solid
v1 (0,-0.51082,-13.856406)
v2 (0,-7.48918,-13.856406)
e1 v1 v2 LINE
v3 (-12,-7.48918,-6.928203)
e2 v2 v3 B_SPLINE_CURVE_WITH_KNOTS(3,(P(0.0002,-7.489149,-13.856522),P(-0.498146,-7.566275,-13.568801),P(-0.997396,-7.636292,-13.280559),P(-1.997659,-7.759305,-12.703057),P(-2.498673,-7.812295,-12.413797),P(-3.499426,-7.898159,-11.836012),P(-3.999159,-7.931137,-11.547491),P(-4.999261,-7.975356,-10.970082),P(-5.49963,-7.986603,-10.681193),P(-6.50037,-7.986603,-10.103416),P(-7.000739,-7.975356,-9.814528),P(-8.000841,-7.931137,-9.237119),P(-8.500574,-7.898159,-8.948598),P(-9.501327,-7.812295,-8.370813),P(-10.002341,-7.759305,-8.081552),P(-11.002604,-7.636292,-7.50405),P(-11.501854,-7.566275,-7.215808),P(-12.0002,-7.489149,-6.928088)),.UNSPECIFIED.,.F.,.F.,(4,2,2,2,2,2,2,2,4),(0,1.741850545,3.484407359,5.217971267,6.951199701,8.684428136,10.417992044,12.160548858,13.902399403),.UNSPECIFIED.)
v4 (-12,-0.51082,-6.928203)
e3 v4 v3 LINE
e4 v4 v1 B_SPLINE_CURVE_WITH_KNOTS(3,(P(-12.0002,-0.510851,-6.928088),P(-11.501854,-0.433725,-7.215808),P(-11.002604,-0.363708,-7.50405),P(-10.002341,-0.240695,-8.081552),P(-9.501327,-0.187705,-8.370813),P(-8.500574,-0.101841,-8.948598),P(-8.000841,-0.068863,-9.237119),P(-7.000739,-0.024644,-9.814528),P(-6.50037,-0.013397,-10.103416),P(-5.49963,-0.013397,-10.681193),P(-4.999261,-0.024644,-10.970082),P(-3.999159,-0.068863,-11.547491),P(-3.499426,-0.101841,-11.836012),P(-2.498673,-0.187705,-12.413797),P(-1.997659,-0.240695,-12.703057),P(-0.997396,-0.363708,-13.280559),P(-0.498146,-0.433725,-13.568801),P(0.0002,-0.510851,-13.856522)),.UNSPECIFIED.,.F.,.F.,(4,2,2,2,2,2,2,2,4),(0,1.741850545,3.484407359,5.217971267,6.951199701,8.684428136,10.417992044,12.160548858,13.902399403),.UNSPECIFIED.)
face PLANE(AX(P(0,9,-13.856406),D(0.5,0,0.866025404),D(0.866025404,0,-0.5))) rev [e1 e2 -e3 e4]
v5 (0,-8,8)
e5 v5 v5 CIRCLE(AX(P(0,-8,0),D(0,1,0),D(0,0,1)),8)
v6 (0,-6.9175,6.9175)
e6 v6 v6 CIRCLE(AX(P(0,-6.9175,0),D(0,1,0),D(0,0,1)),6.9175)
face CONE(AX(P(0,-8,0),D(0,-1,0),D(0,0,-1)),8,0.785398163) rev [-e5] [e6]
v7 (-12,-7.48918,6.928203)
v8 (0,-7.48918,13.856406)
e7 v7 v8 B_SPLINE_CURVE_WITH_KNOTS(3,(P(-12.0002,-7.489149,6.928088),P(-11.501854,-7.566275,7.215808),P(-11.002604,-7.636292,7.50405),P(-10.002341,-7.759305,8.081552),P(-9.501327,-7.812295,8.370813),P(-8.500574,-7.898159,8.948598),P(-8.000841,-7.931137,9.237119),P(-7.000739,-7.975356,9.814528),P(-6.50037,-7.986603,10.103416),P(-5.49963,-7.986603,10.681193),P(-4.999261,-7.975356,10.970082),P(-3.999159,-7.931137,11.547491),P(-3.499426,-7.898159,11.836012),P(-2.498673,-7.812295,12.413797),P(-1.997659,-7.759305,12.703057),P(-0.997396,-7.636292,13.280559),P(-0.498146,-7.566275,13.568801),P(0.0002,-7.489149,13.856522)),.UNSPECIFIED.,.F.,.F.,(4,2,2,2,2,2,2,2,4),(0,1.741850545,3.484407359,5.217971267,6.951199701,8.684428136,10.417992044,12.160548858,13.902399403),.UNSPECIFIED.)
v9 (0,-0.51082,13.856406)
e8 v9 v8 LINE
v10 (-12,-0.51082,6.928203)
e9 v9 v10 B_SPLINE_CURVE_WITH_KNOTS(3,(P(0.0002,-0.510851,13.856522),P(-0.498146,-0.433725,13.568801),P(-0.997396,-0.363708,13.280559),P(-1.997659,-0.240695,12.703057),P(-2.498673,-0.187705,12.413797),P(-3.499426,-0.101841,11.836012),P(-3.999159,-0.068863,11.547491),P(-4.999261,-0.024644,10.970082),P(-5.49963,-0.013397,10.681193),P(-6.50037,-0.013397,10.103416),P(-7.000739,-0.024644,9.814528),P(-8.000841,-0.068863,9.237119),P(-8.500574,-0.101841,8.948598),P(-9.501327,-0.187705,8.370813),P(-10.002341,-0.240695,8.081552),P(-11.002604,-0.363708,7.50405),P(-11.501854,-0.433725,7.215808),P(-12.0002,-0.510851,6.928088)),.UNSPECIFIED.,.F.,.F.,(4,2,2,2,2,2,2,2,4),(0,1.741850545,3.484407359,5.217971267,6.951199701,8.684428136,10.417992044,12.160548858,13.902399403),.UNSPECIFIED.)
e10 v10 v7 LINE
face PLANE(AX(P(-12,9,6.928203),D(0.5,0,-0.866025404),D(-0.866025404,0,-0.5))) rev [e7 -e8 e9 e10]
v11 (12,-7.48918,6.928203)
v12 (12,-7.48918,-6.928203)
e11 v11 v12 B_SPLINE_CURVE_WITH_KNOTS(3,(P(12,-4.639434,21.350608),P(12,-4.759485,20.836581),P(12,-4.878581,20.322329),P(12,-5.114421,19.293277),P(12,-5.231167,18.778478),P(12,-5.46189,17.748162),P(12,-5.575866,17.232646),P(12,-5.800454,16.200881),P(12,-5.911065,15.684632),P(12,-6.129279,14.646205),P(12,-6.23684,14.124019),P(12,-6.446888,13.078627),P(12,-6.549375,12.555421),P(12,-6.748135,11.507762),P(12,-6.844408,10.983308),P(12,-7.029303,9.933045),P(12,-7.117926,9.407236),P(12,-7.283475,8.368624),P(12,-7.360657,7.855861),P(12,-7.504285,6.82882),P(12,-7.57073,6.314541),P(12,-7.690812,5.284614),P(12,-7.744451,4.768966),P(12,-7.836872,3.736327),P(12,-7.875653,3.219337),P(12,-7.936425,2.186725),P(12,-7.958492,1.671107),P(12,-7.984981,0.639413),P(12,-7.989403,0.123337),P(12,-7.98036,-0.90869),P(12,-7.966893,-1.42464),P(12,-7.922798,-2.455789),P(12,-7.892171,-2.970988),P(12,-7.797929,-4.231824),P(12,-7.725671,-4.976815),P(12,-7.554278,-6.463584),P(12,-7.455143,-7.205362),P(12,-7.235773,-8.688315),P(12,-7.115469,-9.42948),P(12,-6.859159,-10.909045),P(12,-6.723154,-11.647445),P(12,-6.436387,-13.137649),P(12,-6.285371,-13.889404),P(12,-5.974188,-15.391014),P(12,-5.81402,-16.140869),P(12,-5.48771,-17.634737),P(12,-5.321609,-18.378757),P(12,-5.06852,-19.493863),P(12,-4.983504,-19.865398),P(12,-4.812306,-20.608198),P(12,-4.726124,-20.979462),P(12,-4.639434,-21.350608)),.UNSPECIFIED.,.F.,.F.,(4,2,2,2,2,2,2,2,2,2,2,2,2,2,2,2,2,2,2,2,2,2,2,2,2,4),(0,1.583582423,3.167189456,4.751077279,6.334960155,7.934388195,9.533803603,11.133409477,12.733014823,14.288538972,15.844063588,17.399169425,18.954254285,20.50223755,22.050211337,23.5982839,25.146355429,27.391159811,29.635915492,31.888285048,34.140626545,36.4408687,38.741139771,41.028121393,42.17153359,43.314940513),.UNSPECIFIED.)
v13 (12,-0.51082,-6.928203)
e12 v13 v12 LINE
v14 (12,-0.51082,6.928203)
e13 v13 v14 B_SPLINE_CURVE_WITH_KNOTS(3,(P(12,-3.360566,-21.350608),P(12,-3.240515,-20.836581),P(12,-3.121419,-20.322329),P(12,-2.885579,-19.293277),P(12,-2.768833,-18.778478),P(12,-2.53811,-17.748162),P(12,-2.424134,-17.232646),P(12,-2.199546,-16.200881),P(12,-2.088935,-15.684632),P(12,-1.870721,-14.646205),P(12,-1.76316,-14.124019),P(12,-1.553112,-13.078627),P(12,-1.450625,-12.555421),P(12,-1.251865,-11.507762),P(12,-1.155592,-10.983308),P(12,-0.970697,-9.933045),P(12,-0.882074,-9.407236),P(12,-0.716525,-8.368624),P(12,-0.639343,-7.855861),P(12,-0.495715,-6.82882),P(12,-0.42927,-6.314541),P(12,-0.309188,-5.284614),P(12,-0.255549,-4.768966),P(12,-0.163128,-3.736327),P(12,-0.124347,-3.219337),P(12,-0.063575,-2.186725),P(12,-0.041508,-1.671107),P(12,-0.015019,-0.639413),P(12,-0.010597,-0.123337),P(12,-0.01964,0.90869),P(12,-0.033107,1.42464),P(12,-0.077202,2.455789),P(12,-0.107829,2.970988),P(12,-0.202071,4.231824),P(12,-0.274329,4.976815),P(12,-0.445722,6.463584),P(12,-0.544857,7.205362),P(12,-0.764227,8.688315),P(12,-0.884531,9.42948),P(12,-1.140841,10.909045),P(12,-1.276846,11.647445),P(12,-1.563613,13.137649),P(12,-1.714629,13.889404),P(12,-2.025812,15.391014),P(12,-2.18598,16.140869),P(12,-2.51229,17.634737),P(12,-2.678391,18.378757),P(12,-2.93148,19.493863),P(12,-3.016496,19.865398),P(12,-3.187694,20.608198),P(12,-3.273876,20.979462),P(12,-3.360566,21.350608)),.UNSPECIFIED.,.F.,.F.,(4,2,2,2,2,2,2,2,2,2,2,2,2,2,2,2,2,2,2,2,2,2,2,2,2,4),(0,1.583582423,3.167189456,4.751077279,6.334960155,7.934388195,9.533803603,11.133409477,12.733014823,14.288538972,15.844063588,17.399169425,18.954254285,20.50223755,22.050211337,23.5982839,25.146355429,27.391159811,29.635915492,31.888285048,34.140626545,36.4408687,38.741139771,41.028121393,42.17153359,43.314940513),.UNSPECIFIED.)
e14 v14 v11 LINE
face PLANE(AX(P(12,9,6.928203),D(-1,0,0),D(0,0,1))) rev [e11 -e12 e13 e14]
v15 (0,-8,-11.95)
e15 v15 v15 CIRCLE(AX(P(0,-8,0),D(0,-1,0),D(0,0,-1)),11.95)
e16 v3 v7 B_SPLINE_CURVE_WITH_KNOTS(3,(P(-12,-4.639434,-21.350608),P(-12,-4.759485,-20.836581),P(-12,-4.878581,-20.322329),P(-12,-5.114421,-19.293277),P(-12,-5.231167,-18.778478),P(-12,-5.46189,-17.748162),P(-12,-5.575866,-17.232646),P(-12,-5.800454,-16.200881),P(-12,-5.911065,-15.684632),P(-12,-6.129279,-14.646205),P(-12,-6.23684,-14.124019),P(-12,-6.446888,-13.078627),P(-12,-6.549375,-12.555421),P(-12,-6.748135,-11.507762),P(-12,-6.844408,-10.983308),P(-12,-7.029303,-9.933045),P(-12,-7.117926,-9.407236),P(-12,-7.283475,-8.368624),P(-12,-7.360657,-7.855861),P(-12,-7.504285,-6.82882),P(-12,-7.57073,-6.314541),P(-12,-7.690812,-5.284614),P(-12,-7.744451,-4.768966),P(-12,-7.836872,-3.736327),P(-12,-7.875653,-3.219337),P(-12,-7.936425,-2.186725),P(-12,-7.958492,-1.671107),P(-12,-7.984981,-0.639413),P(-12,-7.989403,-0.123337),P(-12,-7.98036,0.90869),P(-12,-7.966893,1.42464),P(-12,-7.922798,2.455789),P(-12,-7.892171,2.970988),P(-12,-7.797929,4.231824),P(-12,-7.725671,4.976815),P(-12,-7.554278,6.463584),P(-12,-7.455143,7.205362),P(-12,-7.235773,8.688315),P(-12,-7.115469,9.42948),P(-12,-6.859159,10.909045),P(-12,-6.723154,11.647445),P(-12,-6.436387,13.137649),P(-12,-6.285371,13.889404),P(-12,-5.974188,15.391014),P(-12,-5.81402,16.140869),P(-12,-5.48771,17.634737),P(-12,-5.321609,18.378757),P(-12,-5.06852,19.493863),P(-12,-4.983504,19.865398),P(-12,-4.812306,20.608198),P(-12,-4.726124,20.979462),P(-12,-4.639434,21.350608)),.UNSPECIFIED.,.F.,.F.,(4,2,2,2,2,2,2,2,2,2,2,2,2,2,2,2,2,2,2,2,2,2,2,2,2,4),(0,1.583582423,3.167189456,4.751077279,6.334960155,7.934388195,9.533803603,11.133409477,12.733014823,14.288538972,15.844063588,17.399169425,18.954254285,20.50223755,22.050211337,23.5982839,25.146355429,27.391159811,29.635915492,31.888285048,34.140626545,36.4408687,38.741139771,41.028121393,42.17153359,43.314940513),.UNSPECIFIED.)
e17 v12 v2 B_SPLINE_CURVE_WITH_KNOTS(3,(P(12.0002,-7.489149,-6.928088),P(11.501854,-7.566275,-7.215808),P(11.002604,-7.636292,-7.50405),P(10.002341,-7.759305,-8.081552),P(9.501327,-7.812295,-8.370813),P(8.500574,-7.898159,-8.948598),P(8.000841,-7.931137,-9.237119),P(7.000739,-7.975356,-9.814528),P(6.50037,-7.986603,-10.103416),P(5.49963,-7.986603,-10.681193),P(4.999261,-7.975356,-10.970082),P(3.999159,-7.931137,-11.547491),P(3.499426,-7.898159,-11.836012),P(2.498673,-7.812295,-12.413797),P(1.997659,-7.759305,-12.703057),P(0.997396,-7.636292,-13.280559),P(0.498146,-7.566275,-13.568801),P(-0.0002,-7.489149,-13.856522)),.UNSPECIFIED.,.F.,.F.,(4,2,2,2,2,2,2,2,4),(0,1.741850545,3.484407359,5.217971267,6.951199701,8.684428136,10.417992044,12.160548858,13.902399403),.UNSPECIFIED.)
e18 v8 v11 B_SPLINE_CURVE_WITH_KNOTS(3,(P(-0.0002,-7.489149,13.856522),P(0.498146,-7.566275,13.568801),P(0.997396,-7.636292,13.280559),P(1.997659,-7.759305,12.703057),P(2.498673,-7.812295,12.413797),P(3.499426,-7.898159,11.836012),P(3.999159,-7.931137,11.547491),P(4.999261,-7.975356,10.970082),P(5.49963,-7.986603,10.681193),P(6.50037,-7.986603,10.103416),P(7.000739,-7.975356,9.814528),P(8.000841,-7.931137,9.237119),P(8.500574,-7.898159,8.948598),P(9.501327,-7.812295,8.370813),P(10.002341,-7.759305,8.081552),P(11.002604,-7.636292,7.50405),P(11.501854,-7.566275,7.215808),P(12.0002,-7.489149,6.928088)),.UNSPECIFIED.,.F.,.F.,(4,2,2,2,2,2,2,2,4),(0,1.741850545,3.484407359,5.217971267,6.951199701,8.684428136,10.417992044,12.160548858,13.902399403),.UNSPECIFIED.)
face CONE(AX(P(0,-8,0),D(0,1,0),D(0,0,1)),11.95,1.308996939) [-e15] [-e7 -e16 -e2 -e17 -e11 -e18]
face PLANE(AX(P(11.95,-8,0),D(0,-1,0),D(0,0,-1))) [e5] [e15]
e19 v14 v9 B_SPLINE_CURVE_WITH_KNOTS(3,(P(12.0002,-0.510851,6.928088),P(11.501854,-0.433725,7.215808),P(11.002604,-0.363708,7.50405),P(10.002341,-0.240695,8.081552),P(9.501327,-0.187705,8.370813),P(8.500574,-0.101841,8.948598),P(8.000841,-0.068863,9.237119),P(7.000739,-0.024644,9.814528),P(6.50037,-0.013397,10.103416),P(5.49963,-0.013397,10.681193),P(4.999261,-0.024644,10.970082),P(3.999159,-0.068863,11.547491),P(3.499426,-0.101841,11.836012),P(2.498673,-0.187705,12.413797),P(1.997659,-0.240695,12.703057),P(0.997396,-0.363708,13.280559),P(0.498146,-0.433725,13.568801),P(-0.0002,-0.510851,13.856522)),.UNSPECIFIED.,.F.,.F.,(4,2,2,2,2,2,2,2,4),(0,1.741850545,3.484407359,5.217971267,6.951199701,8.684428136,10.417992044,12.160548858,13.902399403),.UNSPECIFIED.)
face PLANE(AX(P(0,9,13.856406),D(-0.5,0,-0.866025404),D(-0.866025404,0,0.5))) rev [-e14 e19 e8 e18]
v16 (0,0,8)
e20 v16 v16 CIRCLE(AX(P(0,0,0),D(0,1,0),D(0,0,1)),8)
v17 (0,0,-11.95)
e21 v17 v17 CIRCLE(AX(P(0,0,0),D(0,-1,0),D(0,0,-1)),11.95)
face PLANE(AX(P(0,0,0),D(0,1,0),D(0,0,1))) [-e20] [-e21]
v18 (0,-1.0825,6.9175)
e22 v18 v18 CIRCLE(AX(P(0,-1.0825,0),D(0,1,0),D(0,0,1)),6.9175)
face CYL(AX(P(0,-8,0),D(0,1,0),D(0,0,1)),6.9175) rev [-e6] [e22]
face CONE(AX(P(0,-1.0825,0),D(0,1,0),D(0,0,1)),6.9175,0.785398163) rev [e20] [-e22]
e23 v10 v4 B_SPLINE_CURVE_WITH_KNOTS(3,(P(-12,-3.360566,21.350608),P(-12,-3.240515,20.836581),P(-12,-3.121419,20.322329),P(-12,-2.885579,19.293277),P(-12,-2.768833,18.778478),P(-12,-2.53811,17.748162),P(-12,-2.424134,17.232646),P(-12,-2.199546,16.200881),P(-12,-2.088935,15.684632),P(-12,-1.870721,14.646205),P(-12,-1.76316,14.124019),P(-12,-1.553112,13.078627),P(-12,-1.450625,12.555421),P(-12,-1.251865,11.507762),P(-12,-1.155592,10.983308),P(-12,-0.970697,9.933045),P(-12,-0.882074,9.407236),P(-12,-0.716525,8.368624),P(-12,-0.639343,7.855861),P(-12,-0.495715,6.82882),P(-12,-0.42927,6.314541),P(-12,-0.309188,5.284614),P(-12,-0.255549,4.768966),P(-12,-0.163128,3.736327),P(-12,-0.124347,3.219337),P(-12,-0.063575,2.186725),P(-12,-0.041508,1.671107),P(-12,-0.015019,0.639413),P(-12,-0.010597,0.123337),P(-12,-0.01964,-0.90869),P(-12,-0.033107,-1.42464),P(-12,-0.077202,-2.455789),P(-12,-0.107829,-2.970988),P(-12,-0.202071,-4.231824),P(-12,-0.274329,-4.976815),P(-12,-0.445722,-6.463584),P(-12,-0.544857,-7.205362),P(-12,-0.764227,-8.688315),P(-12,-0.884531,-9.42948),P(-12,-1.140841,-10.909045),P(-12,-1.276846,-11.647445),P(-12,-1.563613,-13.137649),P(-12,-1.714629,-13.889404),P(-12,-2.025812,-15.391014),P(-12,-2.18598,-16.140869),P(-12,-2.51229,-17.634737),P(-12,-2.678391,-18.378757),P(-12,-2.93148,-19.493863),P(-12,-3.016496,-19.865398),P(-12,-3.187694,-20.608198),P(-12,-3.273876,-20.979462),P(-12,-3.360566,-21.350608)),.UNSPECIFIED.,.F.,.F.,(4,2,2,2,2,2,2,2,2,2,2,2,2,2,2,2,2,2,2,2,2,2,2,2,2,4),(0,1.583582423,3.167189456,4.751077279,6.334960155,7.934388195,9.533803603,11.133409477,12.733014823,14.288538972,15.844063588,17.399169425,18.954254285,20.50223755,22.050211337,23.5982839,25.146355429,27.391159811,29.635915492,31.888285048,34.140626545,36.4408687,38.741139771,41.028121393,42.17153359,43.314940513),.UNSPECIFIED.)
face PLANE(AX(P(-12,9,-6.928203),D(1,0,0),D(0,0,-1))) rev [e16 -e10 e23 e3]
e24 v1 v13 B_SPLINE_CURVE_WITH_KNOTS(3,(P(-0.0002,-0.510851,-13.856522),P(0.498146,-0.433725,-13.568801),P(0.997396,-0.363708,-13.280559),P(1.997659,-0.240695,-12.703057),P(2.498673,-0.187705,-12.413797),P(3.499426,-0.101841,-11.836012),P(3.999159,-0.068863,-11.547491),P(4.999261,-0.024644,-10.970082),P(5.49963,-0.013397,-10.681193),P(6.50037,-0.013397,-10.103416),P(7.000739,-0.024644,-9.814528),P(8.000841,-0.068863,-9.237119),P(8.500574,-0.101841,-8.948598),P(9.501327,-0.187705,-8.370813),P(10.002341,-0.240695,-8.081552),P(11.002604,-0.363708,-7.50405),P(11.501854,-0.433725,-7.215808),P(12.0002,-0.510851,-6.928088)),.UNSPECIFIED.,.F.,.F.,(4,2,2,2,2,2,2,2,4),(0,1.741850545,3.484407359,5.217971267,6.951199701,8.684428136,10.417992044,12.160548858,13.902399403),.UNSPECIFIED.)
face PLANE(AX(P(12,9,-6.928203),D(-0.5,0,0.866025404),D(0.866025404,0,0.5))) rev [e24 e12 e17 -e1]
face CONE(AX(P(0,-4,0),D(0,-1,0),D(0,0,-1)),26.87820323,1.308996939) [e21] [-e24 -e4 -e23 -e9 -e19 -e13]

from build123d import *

# Parameters (mm, degrees)
CUT_EXTRUDE1_DEPTH      = 9
CUT_EXTRUDE1_DEPTH_BACK = 9
SKETCH2_W               = 96
SKETCH2_H               = 96


with BuildPart() as part:
    # Sketch1 → Revolve1 (revolve)
    with BuildSketch(Plane.XY):
        Polygon((0, 0), (11.95, 0), (26.87820323, -4), (11.95, -8), (0, -8), align=None)
    revolve(axis=Axis((0, -8, 0), (0, 1, 0)))

    # Sketch2 → Cut-Extrude1 (cut, two sides: drawn at the far end of the back side and taken through both)
    with BuildSketch(Plane(origin=(0, 0, 0), x_dir=(1, 0, 0), z_dir=(0, 1, 0)).offset(-CUT_EXTRUDE1_DEPTH_BACK)):
        Rectangle(SKETCH2_W, SKETCH2_H)
        Polygon((-12, -6.92820323), (0, -13.856406461), (12, -6.92820323), (12, 6.92820323), (0, 13.856406461), (-12, 6.92820323), align=None, mode=Mode.SUBTRACT)
    extrude(amount=CUT_EXTRUDE1_DEPTH + CUT_EXTRUDE1_DEPTH_BACK, mode=Mode.SUBTRACT)

    # Sketch3 → Cut-Revolve1 (revolve, cut)
    with BuildSketch(Plane.XY):
        Polygon((0, 0), (8, 0), (6.9175, -1.0825), (6.9175, -6.9175), (8, -8), (0, -8), align=None)
    revolve(axis=Axis((0, -8, 0), (0, 1, 0)), mode=Mode.SUBTRACT)


solid = part.part
